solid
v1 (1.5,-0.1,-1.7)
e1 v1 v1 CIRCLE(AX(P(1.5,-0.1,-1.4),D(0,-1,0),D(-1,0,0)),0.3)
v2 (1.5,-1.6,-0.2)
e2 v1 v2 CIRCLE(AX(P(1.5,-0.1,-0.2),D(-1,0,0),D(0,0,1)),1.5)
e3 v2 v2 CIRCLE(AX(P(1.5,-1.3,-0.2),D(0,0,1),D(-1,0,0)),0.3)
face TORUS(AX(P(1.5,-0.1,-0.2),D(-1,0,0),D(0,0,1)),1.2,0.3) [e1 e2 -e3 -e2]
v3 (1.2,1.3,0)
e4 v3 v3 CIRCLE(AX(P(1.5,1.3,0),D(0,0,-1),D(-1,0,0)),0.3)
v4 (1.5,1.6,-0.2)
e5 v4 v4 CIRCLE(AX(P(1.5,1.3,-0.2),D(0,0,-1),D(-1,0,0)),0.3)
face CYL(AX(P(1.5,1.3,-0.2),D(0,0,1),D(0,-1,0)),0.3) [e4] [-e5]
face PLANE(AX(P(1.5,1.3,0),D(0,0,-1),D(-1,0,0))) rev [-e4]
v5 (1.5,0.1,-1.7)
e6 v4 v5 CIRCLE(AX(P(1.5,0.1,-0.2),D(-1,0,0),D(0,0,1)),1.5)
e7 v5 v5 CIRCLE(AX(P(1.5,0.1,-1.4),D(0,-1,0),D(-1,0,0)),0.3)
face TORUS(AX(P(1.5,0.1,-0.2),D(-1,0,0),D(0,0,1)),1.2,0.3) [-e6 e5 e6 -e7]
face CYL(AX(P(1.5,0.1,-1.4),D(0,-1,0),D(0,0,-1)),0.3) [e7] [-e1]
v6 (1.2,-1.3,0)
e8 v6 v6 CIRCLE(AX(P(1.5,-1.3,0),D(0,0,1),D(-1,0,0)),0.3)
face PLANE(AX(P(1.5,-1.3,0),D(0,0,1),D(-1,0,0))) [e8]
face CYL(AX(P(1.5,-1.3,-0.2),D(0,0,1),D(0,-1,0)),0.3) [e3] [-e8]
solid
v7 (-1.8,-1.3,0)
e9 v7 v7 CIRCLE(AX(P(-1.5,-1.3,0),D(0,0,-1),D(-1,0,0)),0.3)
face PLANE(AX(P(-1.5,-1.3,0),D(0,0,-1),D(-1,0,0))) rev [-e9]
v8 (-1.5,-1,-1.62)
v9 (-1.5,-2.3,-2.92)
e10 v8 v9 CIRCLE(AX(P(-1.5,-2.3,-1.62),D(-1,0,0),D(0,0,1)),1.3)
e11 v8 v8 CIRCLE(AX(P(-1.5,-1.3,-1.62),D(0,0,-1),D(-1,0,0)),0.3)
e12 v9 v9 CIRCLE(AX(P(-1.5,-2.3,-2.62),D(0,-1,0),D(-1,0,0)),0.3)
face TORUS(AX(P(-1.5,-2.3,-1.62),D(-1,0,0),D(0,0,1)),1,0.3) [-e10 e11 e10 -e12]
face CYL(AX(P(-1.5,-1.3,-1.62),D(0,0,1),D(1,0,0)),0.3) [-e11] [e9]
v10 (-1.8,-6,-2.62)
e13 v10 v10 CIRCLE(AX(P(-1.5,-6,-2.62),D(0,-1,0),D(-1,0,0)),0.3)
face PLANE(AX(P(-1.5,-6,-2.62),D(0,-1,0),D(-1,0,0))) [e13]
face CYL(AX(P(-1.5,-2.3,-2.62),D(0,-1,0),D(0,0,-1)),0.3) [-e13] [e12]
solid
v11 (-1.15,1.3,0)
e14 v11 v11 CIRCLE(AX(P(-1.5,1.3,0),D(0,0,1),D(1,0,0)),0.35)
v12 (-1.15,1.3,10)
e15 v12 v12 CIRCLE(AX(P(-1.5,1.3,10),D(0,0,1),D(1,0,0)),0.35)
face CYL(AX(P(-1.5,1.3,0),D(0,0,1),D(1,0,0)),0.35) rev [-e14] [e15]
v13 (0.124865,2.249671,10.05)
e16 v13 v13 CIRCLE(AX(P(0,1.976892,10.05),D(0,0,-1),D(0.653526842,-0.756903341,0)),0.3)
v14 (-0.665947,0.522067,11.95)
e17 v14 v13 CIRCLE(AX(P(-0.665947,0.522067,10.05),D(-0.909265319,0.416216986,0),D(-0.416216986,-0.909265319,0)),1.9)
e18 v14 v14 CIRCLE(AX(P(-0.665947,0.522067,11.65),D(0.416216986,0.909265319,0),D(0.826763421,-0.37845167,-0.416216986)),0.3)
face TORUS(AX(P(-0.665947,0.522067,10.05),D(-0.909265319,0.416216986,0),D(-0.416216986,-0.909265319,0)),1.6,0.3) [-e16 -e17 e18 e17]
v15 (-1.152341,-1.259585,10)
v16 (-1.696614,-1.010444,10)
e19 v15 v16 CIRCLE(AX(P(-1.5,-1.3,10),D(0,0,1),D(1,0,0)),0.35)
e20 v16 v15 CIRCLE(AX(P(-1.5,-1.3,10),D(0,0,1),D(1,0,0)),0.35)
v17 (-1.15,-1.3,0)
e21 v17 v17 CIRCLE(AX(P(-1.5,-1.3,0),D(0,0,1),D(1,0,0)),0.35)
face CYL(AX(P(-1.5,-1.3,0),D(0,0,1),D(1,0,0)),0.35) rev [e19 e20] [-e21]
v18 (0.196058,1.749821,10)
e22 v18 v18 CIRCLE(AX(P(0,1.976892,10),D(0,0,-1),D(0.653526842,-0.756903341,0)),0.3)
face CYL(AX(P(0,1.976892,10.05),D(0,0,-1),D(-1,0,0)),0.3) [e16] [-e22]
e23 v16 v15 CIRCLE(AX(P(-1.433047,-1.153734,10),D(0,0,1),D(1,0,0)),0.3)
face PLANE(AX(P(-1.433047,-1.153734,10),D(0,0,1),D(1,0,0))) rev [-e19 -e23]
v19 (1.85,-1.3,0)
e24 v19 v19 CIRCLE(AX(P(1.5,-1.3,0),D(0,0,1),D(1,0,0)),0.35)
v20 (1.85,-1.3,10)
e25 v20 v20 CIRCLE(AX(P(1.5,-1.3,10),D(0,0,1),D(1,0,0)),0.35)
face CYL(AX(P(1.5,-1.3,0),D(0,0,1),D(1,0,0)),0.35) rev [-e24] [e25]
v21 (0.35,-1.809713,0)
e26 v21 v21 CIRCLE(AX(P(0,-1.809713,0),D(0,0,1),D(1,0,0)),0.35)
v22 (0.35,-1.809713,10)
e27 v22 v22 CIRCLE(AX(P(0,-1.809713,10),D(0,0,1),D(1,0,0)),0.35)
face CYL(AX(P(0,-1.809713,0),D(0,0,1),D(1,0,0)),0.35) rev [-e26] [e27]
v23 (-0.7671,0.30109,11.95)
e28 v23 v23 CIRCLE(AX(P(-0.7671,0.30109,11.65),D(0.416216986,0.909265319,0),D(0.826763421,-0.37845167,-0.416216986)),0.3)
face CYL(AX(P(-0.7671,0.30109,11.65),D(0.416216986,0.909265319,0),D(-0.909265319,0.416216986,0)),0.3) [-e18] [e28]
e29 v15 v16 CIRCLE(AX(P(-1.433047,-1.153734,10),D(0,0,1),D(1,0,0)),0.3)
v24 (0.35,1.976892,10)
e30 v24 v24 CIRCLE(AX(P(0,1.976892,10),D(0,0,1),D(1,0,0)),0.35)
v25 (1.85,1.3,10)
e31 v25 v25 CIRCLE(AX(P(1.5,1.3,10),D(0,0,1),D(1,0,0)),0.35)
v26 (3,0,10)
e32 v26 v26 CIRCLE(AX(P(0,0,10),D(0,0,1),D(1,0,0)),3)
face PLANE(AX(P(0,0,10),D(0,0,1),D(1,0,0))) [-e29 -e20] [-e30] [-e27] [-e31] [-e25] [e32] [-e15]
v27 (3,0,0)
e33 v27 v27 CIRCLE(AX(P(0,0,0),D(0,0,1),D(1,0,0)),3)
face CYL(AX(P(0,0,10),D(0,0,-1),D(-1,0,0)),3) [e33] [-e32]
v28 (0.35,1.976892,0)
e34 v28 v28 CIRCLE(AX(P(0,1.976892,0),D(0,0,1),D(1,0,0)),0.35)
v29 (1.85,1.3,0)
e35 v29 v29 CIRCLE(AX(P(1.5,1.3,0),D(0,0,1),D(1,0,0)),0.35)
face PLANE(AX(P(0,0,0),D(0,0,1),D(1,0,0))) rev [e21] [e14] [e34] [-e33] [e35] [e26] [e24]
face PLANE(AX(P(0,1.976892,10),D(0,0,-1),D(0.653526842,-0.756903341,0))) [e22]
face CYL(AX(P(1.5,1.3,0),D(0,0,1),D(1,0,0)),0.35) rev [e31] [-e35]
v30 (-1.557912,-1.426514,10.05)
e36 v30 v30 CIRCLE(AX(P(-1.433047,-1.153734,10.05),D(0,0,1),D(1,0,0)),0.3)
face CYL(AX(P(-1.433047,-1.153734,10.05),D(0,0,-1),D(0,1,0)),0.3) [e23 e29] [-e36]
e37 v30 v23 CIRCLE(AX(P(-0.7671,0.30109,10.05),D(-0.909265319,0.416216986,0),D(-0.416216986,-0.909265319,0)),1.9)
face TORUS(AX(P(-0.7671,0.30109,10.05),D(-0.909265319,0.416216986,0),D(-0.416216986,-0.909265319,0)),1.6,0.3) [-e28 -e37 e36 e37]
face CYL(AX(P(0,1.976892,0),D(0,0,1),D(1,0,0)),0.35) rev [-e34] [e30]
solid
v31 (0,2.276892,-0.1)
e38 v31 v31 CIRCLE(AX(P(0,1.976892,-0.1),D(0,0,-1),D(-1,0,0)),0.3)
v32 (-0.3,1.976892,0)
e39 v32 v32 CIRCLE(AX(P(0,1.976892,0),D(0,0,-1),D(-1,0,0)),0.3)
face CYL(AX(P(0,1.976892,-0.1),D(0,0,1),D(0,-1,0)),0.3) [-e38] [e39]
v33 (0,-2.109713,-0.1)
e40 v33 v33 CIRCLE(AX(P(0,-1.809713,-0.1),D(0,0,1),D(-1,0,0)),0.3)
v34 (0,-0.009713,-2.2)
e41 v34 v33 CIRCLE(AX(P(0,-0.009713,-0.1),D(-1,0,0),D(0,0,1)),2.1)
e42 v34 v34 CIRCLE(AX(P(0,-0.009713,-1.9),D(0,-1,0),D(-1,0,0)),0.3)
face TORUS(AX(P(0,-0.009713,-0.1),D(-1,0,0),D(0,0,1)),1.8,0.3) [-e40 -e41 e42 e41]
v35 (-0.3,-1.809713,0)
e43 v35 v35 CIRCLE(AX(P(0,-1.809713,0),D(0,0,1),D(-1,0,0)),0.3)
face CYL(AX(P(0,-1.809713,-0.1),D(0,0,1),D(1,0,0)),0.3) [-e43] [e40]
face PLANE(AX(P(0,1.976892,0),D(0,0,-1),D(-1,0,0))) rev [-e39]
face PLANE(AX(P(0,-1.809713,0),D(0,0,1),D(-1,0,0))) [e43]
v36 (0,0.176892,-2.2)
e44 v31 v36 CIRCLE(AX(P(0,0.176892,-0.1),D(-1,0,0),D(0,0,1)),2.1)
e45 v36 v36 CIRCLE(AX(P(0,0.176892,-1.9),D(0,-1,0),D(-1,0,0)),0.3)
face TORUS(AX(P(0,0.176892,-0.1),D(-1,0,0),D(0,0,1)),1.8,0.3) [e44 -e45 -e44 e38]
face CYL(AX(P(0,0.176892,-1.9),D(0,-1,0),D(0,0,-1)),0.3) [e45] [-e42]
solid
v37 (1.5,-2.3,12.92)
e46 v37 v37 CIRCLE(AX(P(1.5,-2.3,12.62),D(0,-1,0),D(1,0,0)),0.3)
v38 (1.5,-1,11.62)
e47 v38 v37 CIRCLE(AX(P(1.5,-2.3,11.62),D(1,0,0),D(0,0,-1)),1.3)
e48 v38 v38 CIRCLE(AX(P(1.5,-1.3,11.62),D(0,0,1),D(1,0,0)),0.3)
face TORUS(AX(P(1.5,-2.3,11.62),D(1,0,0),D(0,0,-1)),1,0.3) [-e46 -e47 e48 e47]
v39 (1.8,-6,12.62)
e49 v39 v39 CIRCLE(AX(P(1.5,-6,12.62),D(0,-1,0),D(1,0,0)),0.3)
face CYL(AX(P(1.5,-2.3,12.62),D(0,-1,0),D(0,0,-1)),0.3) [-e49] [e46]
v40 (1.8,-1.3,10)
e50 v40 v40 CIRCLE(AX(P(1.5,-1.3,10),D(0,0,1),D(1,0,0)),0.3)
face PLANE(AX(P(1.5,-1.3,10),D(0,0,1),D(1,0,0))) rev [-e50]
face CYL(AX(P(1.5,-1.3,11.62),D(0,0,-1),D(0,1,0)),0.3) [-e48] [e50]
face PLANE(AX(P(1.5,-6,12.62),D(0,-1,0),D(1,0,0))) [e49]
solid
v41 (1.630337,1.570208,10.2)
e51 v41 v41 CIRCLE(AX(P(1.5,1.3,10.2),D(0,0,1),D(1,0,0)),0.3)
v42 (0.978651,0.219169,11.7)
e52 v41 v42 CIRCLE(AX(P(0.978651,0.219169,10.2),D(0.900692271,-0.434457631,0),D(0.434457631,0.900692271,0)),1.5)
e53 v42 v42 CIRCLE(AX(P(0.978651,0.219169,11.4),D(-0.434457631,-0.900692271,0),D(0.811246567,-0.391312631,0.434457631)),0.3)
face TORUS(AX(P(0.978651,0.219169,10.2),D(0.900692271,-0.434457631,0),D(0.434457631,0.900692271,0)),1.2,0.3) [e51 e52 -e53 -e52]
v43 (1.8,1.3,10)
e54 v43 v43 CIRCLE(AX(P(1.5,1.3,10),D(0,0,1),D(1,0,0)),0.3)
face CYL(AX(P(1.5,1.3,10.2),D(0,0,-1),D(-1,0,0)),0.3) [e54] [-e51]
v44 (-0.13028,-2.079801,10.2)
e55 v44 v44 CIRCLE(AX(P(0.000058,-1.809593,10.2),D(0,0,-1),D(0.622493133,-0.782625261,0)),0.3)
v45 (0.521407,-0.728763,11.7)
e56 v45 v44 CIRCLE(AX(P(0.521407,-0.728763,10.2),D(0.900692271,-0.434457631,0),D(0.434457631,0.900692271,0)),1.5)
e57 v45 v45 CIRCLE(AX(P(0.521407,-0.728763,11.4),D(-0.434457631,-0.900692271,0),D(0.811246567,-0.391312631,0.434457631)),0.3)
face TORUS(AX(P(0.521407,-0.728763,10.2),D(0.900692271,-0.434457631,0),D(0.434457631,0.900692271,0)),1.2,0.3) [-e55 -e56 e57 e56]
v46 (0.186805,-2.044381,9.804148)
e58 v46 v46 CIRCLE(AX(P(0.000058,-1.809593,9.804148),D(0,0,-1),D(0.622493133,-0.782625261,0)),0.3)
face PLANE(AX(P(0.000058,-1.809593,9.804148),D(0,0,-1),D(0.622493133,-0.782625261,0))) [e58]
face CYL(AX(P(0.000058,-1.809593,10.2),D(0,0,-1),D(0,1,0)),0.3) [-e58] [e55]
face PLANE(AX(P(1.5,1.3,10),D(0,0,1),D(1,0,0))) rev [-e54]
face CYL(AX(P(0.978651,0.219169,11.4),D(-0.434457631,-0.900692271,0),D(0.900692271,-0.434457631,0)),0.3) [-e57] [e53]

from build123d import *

# Parameters (mm, degrees)
ESQUISSE1_R             = 3
BOSS_EXTRU_1_DEPTH      = 10
ESQUISSE2_R             = 0.35
ENL_V_MAT_EXTRU_1_DEPTH = 11.862780491
ESQUISSE4_R             = 0.3
ESQUISSE5_R             = 0.3
ESQUISSE7_R             = 0.3
ESQUISSE9_R             = 0.3
ESQUISSE12_R            = 0.3
ESQUISSE14_R            = 0.3


with BuildPart() as part:
    # Esquisse1 → Boss.-Extru.1 (new body)
    with BuildSketch(Plane.XY):
        Circle(ESQUISSE1_R)
    extrude(amount=BOSS_EXTRU_1_DEPTH)

    # Esquisse2 → Enlèv. mat.-Extru.1 (cut, through all)
    with BuildSketch(Plane.XY.offset(10)):
        with Locations((-1.5, -1.3)):
            Circle(ESQUISSE2_R)
        with Locations((0, -1.809712682)):
            Circle(ESQUISSE2_R)
        with Locations((0, 1.976891683)):
            Circle(ESQUISSE2_R)
        with Locations((-1.5, 1.3)):
            Circle(ESQUISSE2_R)
        with Locations((1.5, 1.3)):
            Circle(ESQUISSE2_R)
        with Locations((1.5, -1.3)):
            Circle(ESQUISSE2_R)
    extrude(amount=-ENL_V_MAT_EXTRU_1_DEPTH, mode=Mode.SUBTRACT)

    # Balayage3: sweep along a path in Esquisse3
    with BuildLine(Plane(origin=(-0.74815796, 0.342469953, 0), x_dir=(0, 0, 1), z_dir=(-0.9092653192305453, 0.41621698577133376, 0))) as balayage3_path:
        Line((10, 1.797519047), (10.05, 1.797519047))
        ThreePointArc((10.05, 1.797519047), (11.18137085, 1.328889897), (11.65, 0.197519047))
        Line((11.65, 0.197519047), (11.65, -0.04550898))
        ThreePointArc((11.65, -0.04550898), (11.18137085, -1.176879829), (10.05, -1.64550898))
        Line((10.05, -1.64550898), (10, -1.64550898))
    # Esquisse4 → Balayage3 (sweep)
    with BuildSketch(Plane.XY.offset(10)):
        with Locations((-1.433046747, -1.153734295)):
            Circle(ESQUISSE4_R)
    sweep(path=balayage3_path.line)


with BuildPart() as body_2:
    # Balayage4: sweep along a path in Esquisse6
    with BuildLine(Plane(origin=(0, 0, 0), x_dir=(0, 0, -1), z_dir=(1, 0, 0))) as balayage4_path:
        Line((-10, -1.3), (-11.62, -1.3))
        ThreePointArc((-11.62, -1.3), (-12.327106781, -1.592893219), (-12.62, -2.3))
        Line((-12.62, -2.3), (-12.62, -6))
    # Esquisse5 → Balayage4 (sweep)
    with BuildSketch(Plane.XY.offset(10)):
        with Locations((1.5, -1.3)):
            Circle(ESQUISSE5_R)
    sweep(path=balayage4_path.line)


with BuildPart() as body_3:
    # Balayage6: sweep along a path in Esquisse8
    with BuildLine(Plane(origin=(0, 0, 0), x_dir=(0, 0, -1), z_dir=(1, 0, 0))) as balayage6_path:
        Line((0, 1.976891683), (0.1, 1.976891683))
        ThreePointArc((0.1, 1.976891683), (1.372792206, 1.449683889), (1.9, 0.176891683))
        Line((1.9, 0.176891683), (1.9, -0.009712682))
        ThreePointArc((1.9, -0.009712682), (1.372792206, -1.282504888), (0.1, -1.809712682))
        Line((0.1, -1.809712682), (0, -1.809712682))
    # Esquisse7 → Balayage6 (sweep)
    with BuildSketch(Plane(origin=(0, 0, 0), x_dir=(-1, 0, 0), z_dir=(0, 0, -1))):
        with Locations((0, 1.976891683)):
            Circle(ESQUISSE7_R)
    sweep(path=balayage6_path.line)


with BuildPart() as body_4:
    # Balayage7: sweep along a path in Esquisse11
    with BuildLine(Plane(origin=(-1.5, 0, 0), x_dir=(0, 0, -1), z_dir=(1, 0, 0))) as balayage7_path:
        Line((0, -1.3), (1.62, -1.3))
        ThreePointArc((1.62, -1.3), (2.327106781, -1.592893219), (2.62, -2.3))
        Line((2.62, -2.3), (2.62, -6))
    # Esquisse9 → Balayage7 (sweep)
    with BuildSketch(Plane(origin=(0, 0, 0), x_dir=(-1, 0, 0), z_dir=(0, 0, -1))):
        with Locations((1.5, -1.3)):
            Circle(ESQUISSE9_R)
    sweep(path=balayage7_path.line)


with BuildPart() as body_5:
    # Balayage8: sweep along a path in Esquisse13
    with BuildLine(Plane(origin=(1.5, 0, 0), x_dir=(0, 0, -1), z_dir=(1, 0, 0))) as balayage8_path:
        Line((0, 1.3), (0.2, 1.3))
        ThreePointArc((0.2, 1.3), (1.048528137, 0.948528137), (1.4, 0.1))
        Line((1.4, 0.1), (1.4, -0.1))
        ThreePointArc((1.4, -0.1), (1.048528137, -0.948528137), (0.2, -1.3))
        Line((0.2, -1.3), (0, -1.3))
    # Esquisse12 → Balayage8 (sweep)
    with BuildSketch(Plane(origin=(0, 0, 0), x_dir=(-1, 0, 0), z_dir=(0, 0, -1))):
        with Locations((-1.5, 1.3)):
            Circle(ESQUISSE12_R)
    sweep(path=balayage8_path.line)


with BuildPart() as body_6:
    # Balayage9: sweep along a path in Esquisse16
    with BuildLine(Plane(origin=(0.70816343, -0.341589482, 0), x_dir=(0, 0, 1), z_dir=(-0.9006922707216414, 0.43445763137766796, 0))) as balayage9_path:
        Line((10, 1.822586399), (10.2, 1.822586399))
        ThreePointArc((10.2, 1.822586399), (11.048528137, 1.471114536), (11.4, 0.622586399))
        Line((11.4, 0.622586399), (11.4, -0.429861811))
        ThreePointArc((11.4, -0.429861811), (11.048528137, -1.278389948), (10.2, -1.629861811))
        Line((10.2, -1.629861811), (9.804147518, -1.629861811))
    # Esquisse14 → Balayage9 (sweep)
    with BuildSketch(Plane.XY.offset(10)):
        with Locations((1.5, 1.3)):
            Circle(ESQUISSE14_R)
    sweep(path=balayage9_path.line)


solid = Compound([part.part, body_2.part, body_3.part, body_4.part, body_5.part, body_6.part])
